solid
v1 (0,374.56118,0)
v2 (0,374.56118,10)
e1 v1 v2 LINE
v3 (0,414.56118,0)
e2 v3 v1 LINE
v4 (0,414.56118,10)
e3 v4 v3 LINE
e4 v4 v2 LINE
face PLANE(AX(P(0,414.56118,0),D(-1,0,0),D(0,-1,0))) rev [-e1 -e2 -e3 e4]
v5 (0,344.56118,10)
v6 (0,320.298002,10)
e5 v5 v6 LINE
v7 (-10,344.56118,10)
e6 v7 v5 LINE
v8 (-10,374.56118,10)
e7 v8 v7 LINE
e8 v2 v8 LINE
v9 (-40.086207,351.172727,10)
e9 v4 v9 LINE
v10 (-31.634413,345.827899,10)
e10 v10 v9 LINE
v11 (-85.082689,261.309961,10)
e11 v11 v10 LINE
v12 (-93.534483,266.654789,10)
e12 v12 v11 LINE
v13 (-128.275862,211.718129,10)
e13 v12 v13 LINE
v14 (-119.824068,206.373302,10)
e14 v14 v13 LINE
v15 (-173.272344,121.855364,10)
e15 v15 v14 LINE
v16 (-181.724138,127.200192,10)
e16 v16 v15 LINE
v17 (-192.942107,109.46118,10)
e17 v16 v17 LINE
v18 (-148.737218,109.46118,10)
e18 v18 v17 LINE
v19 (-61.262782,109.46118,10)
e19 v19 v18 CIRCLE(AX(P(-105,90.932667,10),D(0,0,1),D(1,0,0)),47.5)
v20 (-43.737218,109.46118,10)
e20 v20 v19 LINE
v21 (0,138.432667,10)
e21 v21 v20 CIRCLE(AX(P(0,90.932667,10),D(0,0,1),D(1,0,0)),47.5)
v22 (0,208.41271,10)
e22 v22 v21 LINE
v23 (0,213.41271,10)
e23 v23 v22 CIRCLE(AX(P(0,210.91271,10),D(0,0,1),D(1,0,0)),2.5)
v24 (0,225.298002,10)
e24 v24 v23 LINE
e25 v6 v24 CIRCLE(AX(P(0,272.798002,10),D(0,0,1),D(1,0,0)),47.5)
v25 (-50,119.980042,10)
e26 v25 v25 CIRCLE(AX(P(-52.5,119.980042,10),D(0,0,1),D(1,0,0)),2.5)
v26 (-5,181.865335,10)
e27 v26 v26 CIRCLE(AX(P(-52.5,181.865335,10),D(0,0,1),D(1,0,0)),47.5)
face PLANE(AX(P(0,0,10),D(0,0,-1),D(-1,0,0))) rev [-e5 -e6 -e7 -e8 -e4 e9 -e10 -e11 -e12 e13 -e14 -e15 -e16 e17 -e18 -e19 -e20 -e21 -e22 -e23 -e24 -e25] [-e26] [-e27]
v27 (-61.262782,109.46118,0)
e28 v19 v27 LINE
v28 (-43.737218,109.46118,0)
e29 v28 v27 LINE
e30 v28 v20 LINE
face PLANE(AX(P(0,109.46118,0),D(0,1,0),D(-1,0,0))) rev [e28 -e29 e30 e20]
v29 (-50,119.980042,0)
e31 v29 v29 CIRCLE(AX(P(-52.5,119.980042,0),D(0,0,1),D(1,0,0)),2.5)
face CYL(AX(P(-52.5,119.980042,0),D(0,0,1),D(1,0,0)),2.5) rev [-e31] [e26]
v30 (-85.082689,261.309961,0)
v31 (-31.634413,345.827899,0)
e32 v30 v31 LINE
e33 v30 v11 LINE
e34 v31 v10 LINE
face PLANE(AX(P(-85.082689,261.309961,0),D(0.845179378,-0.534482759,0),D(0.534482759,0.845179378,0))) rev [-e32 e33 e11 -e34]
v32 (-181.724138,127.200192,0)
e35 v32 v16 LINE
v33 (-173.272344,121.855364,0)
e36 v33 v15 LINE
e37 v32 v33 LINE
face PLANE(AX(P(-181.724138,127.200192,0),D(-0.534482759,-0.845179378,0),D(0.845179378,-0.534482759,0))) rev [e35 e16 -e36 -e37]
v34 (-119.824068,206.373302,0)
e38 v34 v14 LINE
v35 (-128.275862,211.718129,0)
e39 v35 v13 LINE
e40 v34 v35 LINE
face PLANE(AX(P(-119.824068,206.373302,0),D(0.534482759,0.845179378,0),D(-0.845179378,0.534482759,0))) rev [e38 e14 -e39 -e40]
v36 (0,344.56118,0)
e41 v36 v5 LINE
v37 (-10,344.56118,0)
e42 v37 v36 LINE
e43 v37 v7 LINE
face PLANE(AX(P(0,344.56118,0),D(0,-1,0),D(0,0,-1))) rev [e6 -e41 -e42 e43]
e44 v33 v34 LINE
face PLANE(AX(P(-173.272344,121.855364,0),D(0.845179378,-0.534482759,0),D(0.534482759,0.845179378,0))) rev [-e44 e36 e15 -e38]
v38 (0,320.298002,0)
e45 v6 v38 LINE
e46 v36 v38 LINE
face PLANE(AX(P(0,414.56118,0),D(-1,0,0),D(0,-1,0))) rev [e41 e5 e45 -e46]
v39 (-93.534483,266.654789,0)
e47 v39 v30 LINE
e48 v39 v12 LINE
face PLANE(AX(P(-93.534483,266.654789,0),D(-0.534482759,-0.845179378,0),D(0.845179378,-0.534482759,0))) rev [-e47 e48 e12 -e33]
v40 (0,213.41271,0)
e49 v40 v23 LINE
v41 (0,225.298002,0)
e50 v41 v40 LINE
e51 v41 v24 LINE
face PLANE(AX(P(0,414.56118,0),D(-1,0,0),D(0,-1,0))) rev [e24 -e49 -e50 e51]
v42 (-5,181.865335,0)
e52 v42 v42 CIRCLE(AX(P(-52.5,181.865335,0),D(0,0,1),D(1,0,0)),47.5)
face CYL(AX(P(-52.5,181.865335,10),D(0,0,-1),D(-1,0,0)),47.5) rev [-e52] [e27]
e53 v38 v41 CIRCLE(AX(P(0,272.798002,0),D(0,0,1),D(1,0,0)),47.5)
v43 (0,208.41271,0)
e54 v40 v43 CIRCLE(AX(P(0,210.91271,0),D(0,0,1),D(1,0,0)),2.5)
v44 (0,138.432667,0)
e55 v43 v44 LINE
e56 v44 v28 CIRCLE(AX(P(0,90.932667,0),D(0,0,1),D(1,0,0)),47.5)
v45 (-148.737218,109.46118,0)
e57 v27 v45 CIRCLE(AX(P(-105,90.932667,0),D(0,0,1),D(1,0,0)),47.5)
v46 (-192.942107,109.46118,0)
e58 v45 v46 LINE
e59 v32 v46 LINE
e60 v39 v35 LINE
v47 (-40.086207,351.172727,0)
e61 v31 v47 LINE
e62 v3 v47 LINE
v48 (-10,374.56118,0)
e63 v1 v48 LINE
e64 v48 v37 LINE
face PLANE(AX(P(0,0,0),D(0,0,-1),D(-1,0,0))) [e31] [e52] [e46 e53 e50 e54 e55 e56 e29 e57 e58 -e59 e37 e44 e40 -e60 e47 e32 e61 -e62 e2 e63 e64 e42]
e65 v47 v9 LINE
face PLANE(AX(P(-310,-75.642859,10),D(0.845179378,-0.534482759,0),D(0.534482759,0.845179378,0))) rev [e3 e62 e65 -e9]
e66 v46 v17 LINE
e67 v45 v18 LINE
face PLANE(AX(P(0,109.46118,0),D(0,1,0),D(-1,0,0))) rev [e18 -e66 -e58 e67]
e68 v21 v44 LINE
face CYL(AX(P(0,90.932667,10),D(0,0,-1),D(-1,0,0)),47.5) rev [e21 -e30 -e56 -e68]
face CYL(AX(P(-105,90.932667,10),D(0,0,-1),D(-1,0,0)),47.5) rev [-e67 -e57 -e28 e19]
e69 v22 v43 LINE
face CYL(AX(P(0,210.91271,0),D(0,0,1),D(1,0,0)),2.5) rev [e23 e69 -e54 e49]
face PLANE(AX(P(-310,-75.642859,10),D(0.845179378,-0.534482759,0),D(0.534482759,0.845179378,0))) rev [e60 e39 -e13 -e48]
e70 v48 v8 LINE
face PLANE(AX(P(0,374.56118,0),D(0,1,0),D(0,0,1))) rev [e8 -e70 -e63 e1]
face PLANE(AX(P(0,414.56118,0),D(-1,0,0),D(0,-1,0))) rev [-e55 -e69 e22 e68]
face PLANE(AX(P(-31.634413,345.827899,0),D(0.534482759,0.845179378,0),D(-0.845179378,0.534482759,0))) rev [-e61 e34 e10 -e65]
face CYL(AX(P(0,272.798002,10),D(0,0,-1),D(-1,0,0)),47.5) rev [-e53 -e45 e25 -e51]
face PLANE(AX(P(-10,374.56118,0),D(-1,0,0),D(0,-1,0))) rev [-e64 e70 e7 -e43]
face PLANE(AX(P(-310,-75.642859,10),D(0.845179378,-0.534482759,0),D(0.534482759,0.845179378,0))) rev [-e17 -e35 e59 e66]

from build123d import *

# Parameters (mm, degrees)
ESQUISSE1_R             = 47.5
BOSS_EXTRU_1_DEPTH      = 10
ESQUISSE3_W             = 100
ESQUISSE3_H             = 10
ENL_V_MAT_EXTRU_1_DEPTH = 11
ESQUISSE4_R             = 2.5
ENL_V_MAT_EXTRU_2_DEPTH = 11
ESQUISSE6_W             = 75
ESQUISSE6_H             = 120
BOSS_EXTRU_2_DEPTH      = 10
ESQUISSE7_W             = 10
ESQUISSE7_H             = 50
ESQUISSE7_W_2           = 30
ESQUISSE7_H_2           = 9.570800355
ENL_V_MAT_EXTRU_3_DEPTH = 10
ENL_V_MAT_EXTRU_6_DEPTH = 10
ESQUISSE12_W            = 10
ESQUISSE12_H            = 30
ENL_V_MAT_EXTRU_7_DEPTH = 10


with BuildPart() as part:
    # Esquisse1 → Boss.-Extru.1 (new body)
    with BuildSketch(Plane.XY):
        Polygon((-310, -75.642859016), (0, 414.561180135), (310, -75.642859016), align=None)
        with Locations((-157.5, 0)):
            Circle(ESQUISSE1_R, mode=Mode.SUBTRACT)
        with Locations((-52.5, 0)):
            Circle(ESQUISSE1_R, mode=Mode.SUBTRACT)
        with Locations((52.5, 0)):
            Circle(ESQUISSE1_R, mode=Mode.SUBTRACT)
        with Locations((157.5, 0)):
            Circle(ESQUISSE1_R, mode=Mode.SUBTRACT)
        with Locations((-105, 90.932667397)):
            Circle(ESQUISSE1_R, mode=Mode.SUBTRACT)
        with Locations((0, 90.932667397)):
            Circle(ESQUISSE1_R, mode=Mode.SUBTRACT)
        with Locations((105, 90.932667397)):
            Circle(ESQUISSE1_R, mode=Mode.SUBTRACT)
        with Locations((-52.5, 181.865334795)):
            Circle(ESQUISSE1_R, mode=Mode.SUBTRACT)
        with Locations((52.5, 181.865334795)):
            Circle(ESQUISSE1_R, mode=Mode.SUBTRACT)
        with Locations((0, 272.798002192)):
            Circle(ESQUISSE1_R, mode=Mode.SUBTRACT)
    extrude(amount=BOSS_EXTRU_1_DEPTH)

    # Esquisse3 → Enlèv. mat.-Extru.1 (cut, through all)
    with BuildSketch(Plane.XY.offset(10)):
        Polygon((-269.913793103, -12.254405678), (-261.461999325, -17.599233264), (-208.013723463, 66.918704521), (-216.465517241, 72.263532107), align=None)
        Polygon((-181.724137931, 127.200191667), (-173.272344153, 121.855364081), (-119.82406829, 206.373301865), (-128.275862069, 211.718129452), align=None)
        Polygon((-93.534482759, 266.654789012), (-85.08268898, 261.309961425), (-31.634413118, 345.82789921), (-40.086206897, 351.172726796), align=None)
        Polygon((269.913793103, -12.254405678), (261.461999325, -17.599233264), (208.013723463, 66.918704521), (216.465517241, 72.263532107), align=None)
        Polygon((181.724137931, 127.200191667), (173.272344153, 121.855364081), (119.82406829, 206.373301865), (128.275862069, 211.718129452), align=None)
        Polygon((93.534482759, 266.654789012), (85.08268898, 261.309961425), (31.634413118, 345.82789921), (40.086206897, 351.172726796), align=None)
        with Locations((-160, -70.642859016)):
            Rectangle(ESQUISSE3_W, ESQUISSE3_H)
        with Locations((160, -70.642859016)):
            Rectangle(ESQUISSE3_W, ESQUISSE3_H)
    extrude(amount=-ENL_V_MAT_EXTRU_1_DEPTH, mode=Mode.SUBTRACT)

    # Esquisse4 → Enlèv. mat.-Extru.2 (cut, through all)
    with BuildSketch(Plane.XY.offset(10)):
        with Locations((-157.5, -55.642859016)):
            Circle(ESQUISSE4_R)
        with Locations((-52.5, -55.642859016)):
            Circle(ESQUISSE4_R)
        with Locations((52.5, -55.642859016)):
            Circle(ESQUISSE4_R)
        with Locations((157.5, -55.642859016)):
            Circle(ESQUISSE4_R)
        with Locations((-105, 29.047375097)):
            Circle(ESQUISSE4_R)
        with Locations((0, 29.047375097)):
            Circle(ESQUISSE4_R)
        with Locations((105, 29.047375097)):
            Circle(ESQUISSE4_R)
        with Locations((-52.5, 119.980042494)):
            Circle(ESQUISSE4_R)
        with Locations((52.5, 119.980042494)):
            Circle(ESQUISSE4_R)
        with Locations((0, 210.912709891)):
            Circle(ESQUISSE4_R)
    extrude(amount=-ENL_V_MAT_EXTRU_2_DEPTH, mode=Mode.SUBTRACT)

    # Esquisse6 → Boss.-Extru.2 (add)
    with BuildSketch(Plane.XY.offset(10)):
        with Locations((0, -135.642859016)):
            Rectangle(ESQUISSE6_W, ESQUISSE6_H)
    extrude(amount=-BOSS_EXTRU_2_DEPTH)

    # Esquisse7 → Enlèv. mat.-Extru.3 (cut)
    with BuildSketch(Plane.XY.offset(10)):
        with Locations((-32.5, -135.642859016)):
            Rectangle(ESQUISSE7_W, ESQUISSE7_H)
        with Locations((1.495284743, -190.857458839)):
            Rectangle(ESQUISSE7_W_2, ESQUISSE7_H_2)
        with Locations((32.5, -135.642859016)):
            Rectangle(ESQUISSE7_W, ESQUISSE7_H)
    extrude(amount=-ENL_V_MAT_EXTRU_3_DEPTH, mode=Mode.SUBTRACT)

    # Esquisse11 → Enlèv. mat.-Extru.6 (cut)
    with BuildSketch(Plane.XY.offset(10)):
        Polygon((0, 414.561180135), (0, 109.461180135), (-346.154388362, 109.461180135), (-346.154388362, -222.549126753), (369.346533709, -222.549126753), (369.346533709, 414.561180135), align=None)
    extrude(amount=-ENL_V_MAT_EXTRU_6_DEPTH, mode=Mode.SUBTRACT)

    # Esquisse12 → Enlèv. mat.-Extru.7 (cut)
    with BuildSketch(Plane.XY.offset(10)):
        with Locations((-5, 359.561180135)):
            Rectangle(ESQUISSE12_W, ESQUISSE12_H)
    extrude(amount=-ENL_V_MAT_EXTRU_7_DEPTH, mode=Mode.SUBTRACT)


solid = part.part
